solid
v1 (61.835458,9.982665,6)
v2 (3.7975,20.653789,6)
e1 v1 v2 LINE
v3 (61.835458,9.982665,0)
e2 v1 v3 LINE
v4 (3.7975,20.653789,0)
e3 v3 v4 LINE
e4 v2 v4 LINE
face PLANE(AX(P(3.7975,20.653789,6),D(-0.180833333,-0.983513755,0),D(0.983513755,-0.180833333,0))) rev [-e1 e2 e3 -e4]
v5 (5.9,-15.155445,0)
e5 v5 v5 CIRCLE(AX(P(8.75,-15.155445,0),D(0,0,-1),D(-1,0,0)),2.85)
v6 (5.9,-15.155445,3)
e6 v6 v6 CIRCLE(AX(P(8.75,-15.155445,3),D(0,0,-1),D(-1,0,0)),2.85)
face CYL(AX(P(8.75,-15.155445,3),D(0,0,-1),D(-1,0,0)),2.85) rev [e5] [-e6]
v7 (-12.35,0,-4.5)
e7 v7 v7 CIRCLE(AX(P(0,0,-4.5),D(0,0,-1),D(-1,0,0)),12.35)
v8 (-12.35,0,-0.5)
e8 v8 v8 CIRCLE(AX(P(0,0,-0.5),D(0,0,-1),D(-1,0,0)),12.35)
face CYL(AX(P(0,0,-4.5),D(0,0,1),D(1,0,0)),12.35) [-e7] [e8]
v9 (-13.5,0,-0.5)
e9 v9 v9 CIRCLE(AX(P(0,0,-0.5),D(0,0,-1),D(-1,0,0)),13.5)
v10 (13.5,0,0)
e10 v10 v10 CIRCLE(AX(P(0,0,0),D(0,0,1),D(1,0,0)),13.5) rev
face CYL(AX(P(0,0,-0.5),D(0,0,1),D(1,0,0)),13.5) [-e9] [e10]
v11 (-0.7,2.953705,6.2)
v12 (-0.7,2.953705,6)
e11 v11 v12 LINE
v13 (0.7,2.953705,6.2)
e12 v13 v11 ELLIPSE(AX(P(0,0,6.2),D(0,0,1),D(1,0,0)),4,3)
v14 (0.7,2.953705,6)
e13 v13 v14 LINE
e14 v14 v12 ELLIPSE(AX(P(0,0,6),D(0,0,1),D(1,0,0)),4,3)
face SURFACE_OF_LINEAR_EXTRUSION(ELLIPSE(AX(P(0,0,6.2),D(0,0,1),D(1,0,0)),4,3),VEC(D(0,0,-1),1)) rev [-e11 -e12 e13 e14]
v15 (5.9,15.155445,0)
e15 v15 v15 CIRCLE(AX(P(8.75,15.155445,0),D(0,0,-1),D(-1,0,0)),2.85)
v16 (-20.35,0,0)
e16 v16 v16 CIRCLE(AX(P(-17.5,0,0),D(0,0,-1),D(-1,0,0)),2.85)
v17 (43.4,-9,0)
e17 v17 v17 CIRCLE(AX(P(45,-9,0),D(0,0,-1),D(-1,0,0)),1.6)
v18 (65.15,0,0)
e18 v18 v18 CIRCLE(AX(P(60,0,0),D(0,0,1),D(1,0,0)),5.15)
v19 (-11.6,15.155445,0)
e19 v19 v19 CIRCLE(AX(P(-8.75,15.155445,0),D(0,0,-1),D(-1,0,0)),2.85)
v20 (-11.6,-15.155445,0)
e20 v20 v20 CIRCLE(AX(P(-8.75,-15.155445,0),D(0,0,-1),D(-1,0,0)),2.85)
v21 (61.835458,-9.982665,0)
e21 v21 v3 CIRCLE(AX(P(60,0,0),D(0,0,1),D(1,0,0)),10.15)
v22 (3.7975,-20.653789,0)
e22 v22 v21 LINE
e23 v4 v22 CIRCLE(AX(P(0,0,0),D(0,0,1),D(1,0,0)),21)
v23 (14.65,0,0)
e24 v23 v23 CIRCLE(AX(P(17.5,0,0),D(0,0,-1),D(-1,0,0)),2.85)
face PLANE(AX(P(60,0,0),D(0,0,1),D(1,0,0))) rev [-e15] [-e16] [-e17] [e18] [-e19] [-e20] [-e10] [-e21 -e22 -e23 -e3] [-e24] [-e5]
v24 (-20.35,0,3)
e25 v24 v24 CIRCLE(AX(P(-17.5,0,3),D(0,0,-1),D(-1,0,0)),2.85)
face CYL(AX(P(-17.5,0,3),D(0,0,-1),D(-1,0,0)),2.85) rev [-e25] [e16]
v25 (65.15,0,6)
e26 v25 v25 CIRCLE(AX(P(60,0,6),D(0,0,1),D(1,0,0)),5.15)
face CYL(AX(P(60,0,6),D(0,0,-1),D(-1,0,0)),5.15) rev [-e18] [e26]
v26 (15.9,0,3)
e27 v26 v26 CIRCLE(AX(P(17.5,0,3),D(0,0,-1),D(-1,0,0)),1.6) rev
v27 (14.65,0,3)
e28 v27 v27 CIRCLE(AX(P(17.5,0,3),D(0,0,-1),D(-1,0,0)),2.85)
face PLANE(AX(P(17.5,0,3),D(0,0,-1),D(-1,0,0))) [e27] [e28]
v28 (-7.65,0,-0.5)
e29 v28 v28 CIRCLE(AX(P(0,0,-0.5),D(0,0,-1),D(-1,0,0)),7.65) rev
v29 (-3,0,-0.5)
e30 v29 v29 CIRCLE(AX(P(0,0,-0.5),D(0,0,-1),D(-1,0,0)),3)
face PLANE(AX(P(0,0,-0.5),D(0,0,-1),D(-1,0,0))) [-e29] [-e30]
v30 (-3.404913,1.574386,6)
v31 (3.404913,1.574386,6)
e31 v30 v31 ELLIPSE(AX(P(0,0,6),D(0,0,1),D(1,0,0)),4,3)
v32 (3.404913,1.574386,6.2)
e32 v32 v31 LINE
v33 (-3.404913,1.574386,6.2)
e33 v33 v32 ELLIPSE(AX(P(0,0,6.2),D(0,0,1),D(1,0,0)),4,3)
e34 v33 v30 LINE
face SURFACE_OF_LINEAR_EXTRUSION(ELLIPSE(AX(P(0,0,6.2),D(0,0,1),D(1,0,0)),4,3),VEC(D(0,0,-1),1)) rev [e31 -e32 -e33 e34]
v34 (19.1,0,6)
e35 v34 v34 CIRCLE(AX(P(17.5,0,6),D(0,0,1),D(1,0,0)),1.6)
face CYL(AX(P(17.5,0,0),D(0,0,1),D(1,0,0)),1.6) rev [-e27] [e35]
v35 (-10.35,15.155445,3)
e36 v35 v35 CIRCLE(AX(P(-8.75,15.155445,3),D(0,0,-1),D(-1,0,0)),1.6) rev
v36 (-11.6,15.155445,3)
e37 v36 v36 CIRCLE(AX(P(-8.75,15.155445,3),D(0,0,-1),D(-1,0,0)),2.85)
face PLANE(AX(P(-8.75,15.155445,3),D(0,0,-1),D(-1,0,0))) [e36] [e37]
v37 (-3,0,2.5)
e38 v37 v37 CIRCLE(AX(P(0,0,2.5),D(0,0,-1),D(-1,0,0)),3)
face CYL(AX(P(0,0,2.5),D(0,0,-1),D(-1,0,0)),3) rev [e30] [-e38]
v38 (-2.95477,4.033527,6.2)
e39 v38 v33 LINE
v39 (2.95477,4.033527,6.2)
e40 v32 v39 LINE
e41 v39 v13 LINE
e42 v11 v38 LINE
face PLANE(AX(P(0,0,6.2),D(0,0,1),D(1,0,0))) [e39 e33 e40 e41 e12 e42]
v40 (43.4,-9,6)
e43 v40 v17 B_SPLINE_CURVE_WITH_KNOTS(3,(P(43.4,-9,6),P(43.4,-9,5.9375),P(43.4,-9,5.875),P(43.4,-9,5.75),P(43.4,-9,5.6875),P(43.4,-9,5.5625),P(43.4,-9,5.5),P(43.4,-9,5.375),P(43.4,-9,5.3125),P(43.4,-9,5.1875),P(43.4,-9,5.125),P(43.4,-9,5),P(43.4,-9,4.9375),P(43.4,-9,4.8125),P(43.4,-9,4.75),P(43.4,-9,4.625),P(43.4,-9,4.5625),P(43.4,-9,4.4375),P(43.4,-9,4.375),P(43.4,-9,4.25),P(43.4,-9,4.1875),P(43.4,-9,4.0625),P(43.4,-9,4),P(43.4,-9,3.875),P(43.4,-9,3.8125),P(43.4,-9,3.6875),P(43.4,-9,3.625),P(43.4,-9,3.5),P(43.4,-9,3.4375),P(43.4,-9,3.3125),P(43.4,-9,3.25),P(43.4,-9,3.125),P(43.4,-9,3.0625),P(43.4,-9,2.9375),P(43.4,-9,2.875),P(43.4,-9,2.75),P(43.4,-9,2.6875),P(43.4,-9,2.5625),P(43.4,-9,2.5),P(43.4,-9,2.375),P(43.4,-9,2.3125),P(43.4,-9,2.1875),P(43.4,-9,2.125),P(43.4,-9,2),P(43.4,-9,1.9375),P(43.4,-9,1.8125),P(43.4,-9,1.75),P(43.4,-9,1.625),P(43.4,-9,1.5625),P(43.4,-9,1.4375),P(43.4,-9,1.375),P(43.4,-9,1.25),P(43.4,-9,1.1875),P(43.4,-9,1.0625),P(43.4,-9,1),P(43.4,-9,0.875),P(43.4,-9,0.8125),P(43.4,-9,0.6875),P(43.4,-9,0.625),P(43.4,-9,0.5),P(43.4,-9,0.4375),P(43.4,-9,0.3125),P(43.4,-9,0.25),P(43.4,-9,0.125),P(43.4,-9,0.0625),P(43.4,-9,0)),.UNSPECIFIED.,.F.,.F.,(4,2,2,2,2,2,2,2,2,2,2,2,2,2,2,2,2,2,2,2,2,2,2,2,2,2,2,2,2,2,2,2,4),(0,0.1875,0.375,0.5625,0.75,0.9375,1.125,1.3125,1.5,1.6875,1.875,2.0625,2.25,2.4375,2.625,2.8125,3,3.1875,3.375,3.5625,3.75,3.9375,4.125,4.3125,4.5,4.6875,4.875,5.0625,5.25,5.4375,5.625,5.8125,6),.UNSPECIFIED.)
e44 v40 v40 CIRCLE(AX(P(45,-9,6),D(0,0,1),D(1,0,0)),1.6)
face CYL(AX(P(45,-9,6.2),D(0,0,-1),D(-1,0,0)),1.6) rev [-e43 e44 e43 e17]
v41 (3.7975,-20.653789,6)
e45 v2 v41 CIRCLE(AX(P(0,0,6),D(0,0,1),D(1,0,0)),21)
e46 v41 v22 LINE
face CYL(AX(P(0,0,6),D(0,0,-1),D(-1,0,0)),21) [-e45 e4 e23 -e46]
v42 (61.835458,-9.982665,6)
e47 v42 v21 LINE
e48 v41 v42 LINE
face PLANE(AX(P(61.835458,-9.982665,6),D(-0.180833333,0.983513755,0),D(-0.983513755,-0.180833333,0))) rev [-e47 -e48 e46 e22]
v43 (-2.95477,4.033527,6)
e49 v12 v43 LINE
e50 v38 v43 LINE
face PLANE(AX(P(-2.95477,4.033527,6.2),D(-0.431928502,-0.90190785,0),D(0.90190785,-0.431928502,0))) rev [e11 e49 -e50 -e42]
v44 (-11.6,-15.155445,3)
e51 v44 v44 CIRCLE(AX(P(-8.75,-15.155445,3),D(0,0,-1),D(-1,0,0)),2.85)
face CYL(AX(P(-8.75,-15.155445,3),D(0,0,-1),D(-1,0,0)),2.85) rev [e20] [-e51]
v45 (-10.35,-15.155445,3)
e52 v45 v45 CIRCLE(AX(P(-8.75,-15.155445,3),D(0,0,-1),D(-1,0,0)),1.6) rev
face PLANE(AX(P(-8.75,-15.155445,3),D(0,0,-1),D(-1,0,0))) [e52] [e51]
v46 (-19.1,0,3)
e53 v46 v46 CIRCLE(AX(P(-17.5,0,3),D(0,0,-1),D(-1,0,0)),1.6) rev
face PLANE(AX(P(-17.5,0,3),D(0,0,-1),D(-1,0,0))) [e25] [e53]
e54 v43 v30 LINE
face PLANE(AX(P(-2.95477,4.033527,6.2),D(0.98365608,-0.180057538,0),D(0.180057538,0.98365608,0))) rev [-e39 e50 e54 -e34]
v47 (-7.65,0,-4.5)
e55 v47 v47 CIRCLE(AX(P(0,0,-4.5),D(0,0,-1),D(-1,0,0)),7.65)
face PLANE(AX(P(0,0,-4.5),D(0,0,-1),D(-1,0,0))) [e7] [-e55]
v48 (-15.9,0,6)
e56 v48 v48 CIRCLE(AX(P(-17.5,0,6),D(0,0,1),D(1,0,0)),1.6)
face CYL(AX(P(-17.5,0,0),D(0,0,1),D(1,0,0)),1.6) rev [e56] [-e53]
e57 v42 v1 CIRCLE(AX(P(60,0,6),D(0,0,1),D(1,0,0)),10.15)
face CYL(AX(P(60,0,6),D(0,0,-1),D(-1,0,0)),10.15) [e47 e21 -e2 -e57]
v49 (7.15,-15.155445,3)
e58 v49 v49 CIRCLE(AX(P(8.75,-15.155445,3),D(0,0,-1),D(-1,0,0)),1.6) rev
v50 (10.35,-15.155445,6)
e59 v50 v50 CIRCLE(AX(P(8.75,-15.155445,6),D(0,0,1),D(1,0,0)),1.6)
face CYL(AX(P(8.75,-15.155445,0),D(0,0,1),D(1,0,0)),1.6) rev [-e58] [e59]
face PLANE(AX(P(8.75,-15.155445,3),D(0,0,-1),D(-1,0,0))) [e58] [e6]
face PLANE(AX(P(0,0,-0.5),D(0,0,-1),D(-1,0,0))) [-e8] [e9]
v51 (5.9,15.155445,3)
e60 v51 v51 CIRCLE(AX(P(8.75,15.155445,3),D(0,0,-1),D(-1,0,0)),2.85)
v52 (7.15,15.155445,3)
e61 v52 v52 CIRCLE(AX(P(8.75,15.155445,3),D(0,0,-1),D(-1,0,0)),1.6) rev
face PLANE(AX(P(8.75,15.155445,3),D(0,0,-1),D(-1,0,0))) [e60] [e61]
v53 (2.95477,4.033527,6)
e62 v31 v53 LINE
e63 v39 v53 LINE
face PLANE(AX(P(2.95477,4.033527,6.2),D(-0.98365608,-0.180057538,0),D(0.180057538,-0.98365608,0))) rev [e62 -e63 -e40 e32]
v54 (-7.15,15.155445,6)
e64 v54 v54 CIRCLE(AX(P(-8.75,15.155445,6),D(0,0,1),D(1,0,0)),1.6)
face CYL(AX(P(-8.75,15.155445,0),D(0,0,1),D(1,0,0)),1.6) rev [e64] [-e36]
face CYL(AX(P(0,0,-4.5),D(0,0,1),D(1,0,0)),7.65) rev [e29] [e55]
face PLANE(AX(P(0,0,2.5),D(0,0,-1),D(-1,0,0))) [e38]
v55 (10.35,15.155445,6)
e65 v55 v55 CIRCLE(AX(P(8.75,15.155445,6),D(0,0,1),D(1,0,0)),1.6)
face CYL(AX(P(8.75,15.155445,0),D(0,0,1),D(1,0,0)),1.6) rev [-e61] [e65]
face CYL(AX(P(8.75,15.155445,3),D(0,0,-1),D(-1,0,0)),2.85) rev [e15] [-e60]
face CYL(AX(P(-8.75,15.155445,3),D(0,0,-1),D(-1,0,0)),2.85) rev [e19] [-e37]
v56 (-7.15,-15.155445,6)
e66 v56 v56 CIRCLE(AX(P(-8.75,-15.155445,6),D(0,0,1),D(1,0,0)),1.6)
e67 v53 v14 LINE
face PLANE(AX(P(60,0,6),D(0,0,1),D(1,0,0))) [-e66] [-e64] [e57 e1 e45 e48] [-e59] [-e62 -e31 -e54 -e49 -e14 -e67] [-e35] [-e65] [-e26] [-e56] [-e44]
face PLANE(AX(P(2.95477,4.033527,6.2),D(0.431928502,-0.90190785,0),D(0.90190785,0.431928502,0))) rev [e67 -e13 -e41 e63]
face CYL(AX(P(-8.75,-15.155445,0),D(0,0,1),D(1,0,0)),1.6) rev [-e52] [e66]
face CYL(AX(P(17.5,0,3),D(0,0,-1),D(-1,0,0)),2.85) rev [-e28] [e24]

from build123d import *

# Parameters (mm, degrees)
SKETCH_1_R          = 5.15
EXTRUDE_1_DEPTH     = 6
SKETCH_3_R          = 1.6
CUT_EXTRUDE_2_DEPTH = 74.471235868
SKETCH_5_R          = 13.5
EXTRUDE_3_DEPTH     = 0.5
SKETCH_4_R          = 12.35
SKETCH_4_R_2        = 7.65
EXTRUDE_2_DEPTH     = 4
SKETCH_6_R          = 3
CUT_EXTRUDE_3_DEPTH = 3
SKETCH_7_R          = 2.85
CUT_EXTRUDE_4_DEPTH = 3
EXTRUDE_4_DEPTH     = 0.2
SKETCH_10_R         = 1.6
CUT_EXTRUDE_6_DEPTH = 74.487839262


with BuildPart() as part:
    # 草图1 → 凸台-拉伸1 (new body)
    with BuildSketch(Plane.XY):
        with BuildLine():
            Line((61.835458333, -9.98266461), (3.7975, -20.653788847))
            ThreePointArc((3.7975, -20.653788847), (-21, 0), (3.7975, 20.653788847))
            Line((3.7975, 20.653788847), (61.835458333, 9.98266461))
            ThreePointArc((61.835458333, 9.98266461), (70.15, 0), (61.835458333, -9.98266461))
        make_face()
        with Locations((60, 0)):
            Circle(SKETCH_1_R, mode=Mode.SUBTRACT)
    extrude(amount=EXTRUDE_1_DEPTH)

    # 草图3 → 切除-拉伸2 (cut, through all)
    with BuildSketch(Plane.XY.offset(6)):
        with Locations((8.75, 15.155444566)):
            Circle(SKETCH_3_R)
        with Locations((17.5, 0)):
            Circle(SKETCH_3_R)
        with Locations((8.75, -15.155444566)):
            Circle(SKETCH_3_R)
        with Locations((-8.75, -15.155444566)):
            Circle(SKETCH_3_R)
        with Locations((-17.5, 0)):
            Circle(SKETCH_3_R)
        with Locations((-8.75, 15.155444566)):
            Circle(SKETCH_3_R)
    extrude(amount=-CUT_EXTRUDE_2_DEPTH, mode=Mode.SUBTRACT)

    # 草图5 → 凸台-拉伸3 (add)
    with BuildSketch(Plane(origin=(0, 0, 0), x_dir=(-1, 0, 0), z_dir=(0, 0, -1))):
        with Locations(Location((0, 0, 0), (0, 0, 180))):
            Circle(SKETCH_5_R)
    extrude(amount=EXTRUDE_3_DEPTH)

    # 草图4 → 凸台-拉伸2 (add)
    with BuildSketch(Plane(origin=(0, 0, -0.5), x_dir=(-1, 0, 0), z_dir=(0, 0, -1))):
        Circle(SKETCH_4_R)
        Circle(SKETCH_4_R_2, mode=Mode.SUBTRACT)
    extrude(amount=EXTRUDE_2_DEPTH)

    # 草图6 → 切除-拉伸3 (cut)
    with BuildSketch(Plane(origin=(0, 0, -0.5), x_dir=(-1, 0, 0), z_dir=(0, 0, -1))):
        Circle(SKETCH_6_R)
    extrude(amount=-CUT_EXTRUDE_3_DEPTH, mode=Mode.SUBTRACT)

    # 草图7 → 切除-拉伸4 (cut)
    with BuildSketch(Plane(origin=(0, 0, 0), x_dir=(-1, 0, 0), z_dir=(0, 0, -1))):
        with Locations((8.75, 15.155444566)):
            Circle(SKETCH_7_R)
        with Locations((17.5, 0)):
            Circle(SKETCH_7_R)
        with Locations((8.75, -15.155444566)):
            Circle(SKETCH_7_R)
        with Locations((-8.75, -15.155444566)):
            Circle(SKETCH_7_R)
        with Locations((-17.5, 0)):
            Circle(SKETCH_7_R)
        with Locations((-8.75, 15.155444566)):
            Circle(SKETCH_7_R)
    extrude(amount=-CUT_EXTRUDE_4_DEPTH, mode=Mode.SUBTRACT)

    # 草图9 → 凸台-拉伸4 (add)
    with BuildSketch(Plane.XY.offset(6)):
        with BuildLine():
            Line((-2.954769624, 4.033526555), (-3.40491347, 1.574386356))
            add(Edge.make_bspline(
                [(-3.40491347, 1.574386356), (-7.165153372, -3), (0, -3), (7.165153372, -3), (3.40491347, 1.574386356)],
                knots=[2.589117856, 2.589117856, 2.589117856, 4.71238898, 4.71238898, 6.835660105, 6.835660105, 6.835660105], degree=2, weights=[1, 0.487444637, 1, 0.487444637, 1]))
            Line((3.40491347, 1.574386356), (2.954769624, 4.033526555))
            Line((2.954769624, 4.033526555), (0.7, 2.9537053))
            add(Edge.make_bspline(
                [(0.7, 2.9537053), (0, 3.047020297), (-0.7, 2.9537053)],
                knots=[1.394890559, 1.394890559, 1.394890559, 1.746702095, 1.746702095, 1.746702095], degree=2, weights=[1, 0.984568433, 1]))
            Line((-0.7, 2.9537053), (-2.954769624, 4.033526555))
        make_face()
    extrude(amount=EXTRUDE_4_DEPTH)

    # 草图10 → 切除-拉伸6 (cut, through all)
    with BuildSketch(Plane(origin=(0, 0, 0), x_dir=(-1, 0, 0), z_dir=(0, 0, -1))):
        with Locations((-45, -9)):
            Circle(SKETCH_10_R)
    extrude(amount=-CUT_EXTRUDE_6_DEPTH, mode=Mode.SUBTRACT)


solid = part.part
